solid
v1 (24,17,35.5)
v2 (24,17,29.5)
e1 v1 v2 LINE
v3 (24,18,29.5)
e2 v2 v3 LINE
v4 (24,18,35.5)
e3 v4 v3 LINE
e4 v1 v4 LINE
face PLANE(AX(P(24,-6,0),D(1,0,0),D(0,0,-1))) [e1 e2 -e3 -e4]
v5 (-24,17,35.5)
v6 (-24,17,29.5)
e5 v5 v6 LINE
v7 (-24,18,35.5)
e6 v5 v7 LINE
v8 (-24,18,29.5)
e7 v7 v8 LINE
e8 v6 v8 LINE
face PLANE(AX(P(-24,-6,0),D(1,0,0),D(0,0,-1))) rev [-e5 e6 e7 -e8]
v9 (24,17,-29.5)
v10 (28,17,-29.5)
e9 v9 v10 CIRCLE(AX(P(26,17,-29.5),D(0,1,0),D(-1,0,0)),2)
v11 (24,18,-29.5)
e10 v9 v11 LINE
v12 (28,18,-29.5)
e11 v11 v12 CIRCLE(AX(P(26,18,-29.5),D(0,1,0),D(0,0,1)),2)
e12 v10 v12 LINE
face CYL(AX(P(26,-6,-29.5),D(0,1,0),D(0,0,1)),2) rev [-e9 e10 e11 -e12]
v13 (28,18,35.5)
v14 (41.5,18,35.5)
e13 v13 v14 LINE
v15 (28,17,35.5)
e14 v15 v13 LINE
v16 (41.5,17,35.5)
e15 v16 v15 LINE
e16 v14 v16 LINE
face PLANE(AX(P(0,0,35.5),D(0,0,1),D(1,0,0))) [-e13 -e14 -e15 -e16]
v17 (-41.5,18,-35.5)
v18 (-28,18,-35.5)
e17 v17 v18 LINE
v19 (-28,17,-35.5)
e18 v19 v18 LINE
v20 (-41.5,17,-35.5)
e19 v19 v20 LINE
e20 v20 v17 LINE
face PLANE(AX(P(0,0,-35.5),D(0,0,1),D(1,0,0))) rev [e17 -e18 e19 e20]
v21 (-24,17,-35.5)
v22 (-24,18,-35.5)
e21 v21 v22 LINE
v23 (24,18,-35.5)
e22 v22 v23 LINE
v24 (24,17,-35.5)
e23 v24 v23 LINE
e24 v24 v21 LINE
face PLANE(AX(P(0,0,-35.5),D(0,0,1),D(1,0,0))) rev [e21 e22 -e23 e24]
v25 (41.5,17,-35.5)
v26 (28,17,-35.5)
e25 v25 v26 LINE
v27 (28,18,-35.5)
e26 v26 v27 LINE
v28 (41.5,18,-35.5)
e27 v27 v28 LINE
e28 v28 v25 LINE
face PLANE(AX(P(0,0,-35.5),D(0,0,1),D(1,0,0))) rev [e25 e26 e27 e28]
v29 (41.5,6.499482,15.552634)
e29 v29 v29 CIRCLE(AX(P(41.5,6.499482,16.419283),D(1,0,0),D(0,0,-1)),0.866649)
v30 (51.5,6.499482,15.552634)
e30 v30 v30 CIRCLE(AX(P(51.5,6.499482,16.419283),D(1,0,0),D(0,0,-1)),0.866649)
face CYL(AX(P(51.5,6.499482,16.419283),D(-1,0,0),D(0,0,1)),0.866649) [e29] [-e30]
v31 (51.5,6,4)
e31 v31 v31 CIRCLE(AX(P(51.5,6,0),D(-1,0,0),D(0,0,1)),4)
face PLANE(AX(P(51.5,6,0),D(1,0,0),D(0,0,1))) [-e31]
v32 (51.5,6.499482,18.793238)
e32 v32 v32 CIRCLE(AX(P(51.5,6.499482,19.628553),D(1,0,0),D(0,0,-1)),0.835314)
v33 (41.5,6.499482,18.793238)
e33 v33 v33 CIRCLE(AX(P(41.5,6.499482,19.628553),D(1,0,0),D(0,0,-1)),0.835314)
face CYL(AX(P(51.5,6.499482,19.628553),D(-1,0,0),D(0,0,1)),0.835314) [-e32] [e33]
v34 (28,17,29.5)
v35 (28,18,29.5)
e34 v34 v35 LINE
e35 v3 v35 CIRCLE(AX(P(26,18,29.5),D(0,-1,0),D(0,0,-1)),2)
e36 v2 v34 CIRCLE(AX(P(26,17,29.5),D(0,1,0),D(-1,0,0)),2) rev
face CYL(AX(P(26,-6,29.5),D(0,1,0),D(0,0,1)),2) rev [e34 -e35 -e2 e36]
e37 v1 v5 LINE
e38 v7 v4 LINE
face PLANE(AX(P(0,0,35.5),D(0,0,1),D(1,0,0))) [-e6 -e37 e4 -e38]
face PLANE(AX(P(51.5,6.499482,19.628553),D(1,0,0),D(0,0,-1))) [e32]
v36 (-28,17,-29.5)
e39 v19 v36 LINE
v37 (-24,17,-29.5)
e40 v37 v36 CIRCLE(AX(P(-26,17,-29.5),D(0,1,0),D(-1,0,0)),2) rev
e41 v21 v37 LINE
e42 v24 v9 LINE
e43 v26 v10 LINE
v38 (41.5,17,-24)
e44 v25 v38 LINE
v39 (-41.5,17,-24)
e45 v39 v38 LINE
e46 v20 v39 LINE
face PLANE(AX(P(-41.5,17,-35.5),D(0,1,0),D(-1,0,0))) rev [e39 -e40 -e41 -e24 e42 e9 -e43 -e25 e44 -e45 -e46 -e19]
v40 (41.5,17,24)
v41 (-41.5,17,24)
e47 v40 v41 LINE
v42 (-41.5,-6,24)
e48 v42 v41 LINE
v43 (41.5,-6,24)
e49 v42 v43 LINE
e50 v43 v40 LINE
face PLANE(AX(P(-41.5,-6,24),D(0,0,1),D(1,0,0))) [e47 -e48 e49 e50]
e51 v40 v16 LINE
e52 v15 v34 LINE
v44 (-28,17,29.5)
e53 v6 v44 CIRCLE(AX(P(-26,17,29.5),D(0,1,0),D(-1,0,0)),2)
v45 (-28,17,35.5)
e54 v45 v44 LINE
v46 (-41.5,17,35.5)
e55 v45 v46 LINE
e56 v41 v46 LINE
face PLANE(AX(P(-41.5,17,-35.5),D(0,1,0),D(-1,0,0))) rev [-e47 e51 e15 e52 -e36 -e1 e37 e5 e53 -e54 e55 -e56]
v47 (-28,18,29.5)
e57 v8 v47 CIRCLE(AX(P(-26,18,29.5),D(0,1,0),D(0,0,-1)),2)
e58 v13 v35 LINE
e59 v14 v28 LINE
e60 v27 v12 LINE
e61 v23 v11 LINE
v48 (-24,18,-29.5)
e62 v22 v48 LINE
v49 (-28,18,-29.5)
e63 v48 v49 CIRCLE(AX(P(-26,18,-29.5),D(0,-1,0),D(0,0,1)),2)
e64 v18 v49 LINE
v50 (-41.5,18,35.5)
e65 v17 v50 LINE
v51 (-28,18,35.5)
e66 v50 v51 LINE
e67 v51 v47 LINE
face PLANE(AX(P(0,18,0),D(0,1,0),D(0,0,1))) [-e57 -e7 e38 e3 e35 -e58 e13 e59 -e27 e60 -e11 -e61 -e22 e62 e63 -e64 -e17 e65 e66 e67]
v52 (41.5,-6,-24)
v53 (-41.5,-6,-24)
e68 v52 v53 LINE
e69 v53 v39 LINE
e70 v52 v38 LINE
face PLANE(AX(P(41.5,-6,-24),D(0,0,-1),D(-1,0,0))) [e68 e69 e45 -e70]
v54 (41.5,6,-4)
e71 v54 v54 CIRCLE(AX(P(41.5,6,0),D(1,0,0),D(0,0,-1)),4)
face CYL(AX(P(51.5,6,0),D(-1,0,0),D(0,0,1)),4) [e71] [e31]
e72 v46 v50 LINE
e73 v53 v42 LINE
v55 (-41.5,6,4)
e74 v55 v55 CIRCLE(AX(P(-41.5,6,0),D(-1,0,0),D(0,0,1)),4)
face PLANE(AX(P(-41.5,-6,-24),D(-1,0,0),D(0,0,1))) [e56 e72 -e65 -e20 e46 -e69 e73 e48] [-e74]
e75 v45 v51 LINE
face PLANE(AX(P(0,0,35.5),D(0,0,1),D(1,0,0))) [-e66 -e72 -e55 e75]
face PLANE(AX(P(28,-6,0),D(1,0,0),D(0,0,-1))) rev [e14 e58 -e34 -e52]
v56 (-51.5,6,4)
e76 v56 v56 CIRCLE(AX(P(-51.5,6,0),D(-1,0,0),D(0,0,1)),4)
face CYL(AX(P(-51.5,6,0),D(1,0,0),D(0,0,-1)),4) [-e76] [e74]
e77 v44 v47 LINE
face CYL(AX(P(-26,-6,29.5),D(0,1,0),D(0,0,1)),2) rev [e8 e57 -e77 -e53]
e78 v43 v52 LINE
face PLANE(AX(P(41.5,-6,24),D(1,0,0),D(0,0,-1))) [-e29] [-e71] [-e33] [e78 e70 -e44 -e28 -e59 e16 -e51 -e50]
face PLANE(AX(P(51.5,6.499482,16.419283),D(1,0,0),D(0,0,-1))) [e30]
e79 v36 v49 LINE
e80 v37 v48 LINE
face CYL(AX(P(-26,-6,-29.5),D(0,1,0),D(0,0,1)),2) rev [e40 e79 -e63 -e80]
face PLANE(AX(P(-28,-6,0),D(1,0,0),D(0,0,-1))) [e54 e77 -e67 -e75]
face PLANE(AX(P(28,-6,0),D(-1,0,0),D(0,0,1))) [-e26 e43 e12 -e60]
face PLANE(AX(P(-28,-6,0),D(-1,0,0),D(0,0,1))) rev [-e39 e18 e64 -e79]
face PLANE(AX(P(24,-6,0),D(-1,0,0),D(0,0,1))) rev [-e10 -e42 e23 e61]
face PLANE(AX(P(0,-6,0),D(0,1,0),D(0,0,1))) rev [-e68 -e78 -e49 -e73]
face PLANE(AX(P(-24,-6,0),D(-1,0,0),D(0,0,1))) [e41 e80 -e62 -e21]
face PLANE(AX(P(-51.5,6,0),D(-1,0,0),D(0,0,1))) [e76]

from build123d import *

# Parameters (mm, degrees)
SKETCH_1_W            = 83
SKETCH_1_H            = 48
EXTRUDE_1_DEPTH       = 24
SKETCH_21_W           = 83
SKETCH_21_H           = 1
EXTRUDE_2_DEPTH       = 35.5
CUT_EXTRUDE_20_DEPTH  = 60.653164208
MIRROR_2_COPY_1_DEPTH = 60.653164208
MIRROR_2_COPY_2_DEPTH = 60.653164208
SKETCH_27_R           = 4
EXTRUDE_4_DEPTH       = 10
SKETCH_28_R           = 0.835314329
SKETCH_28_R_2         = 0.866649433
EXTRUDE_5_DEPTH       = 10


with BuildPart() as part:
    # 草圖1 → 填料-伸長1 (new body)
    with BuildSketch(Plane(origin=(0, 18, 0), x_dir=(1, 0, 0), z_dir=(0, 1, 0))):
        Rectangle(SKETCH_1_W, SKETCH_1_H)
    extrude(amount=-EXTRUDE_1_DEPTH)

    # 草圖21 → 填料-伸長2 (add, symmetric)
    with BuildSketch(Plane(origin=(0, 0, 0), x_dir=(-1, 0, 0), z_dir=(0, 0, -1))):
        with Locations((0, 17.5)):
            Rectangle(SKETCH_21_W, SKETCH_21_H)
    extrude(amount=EXTRUDE_2_DEPTH, both=True)

    # 草圖22 → 除料-伸長20 (cut, through all)
    with BuildSketch(Plane(origin=(0, 18, 0), x_dir=(-1, 0, 0), z_dir=(0, 1, 0))):
        with BuildLine():
            Line((-28, -29.5), (-28, -35.5))
            Line((-28, -35.5), (-24, -35.5))
            Line((-24, -35.5), (-24, -29.5))
            ThreePointArc((-24, -29.5), (-26, -27.5), (-28, -29.5))
        make_face()
    cut_extrude_20 = extrude(amount=-CUT_EXTRUDE_20_DEPTH, mode=Mode.SUBTRACT)

    # 鏡射1: 除料-伸長20 across plane
    add(cut_extrude_20.mirror(Plane(origin=(0, 0, 0), x_dir=(0, 0, 1), z_dir=(1, 0, 0))), mode=Mode.SUBTRACT)

    # 鏡射2 copy 1 sketch → 鏡射2 copy 1 (cut, through all)
    with BuildSketch(Plane(origin=(0, 18, 0), x_dir=(1, 0, 0), z_dir=(0, 1, 0))):
        with BuildLine():
            Line((-28, -29.5), (-28, -35.5))
            Line((-28, -35.5), (-24, -35.5))
            Line((-24, -35.5), (-24, -29.5))
            ThreePointArc((-24, -29.5), (-26, -27.5), (-28, -29.5))
        make_face()
    extrude(amount=-MIRROR_2_COPY_1_DEPTH, mode=Mode.SUBTRACT)

    # 鏡射2 copy 2 sketch → 鏡射2 copy 2 (cut, through all)
    with BuildSketch(Plane(origin=(0, 18, 0), x_dir=(-1, 0, 0), z_dir=(0, 1, 0))):
        with BuildLine():
            Line((-28, 29.5), (-28, 35.5))
            Line((-28, 35.5), (-24, 35.5))
            Line((-24, 35.5), (-24, 29.5))
            ThreePointArc((-24, 29.5), (-26, 27.5), (-28, 29.5))
        make_face()
    extrude(amount=-MIRROR_2_COPY_2_DEPTH, mode=Mode.SUBTRACT)

    # 草圖27 → 填料-伸長4 (add)
    with BuildSketch(Plane.ZY.offset(41.5)):
        with Locations((0, 6)):
            Circle(SKETCH_27_R)
    extrude_4 = extrude(amount=EXTRUDE_4_DEPTH)

    # 鏡射3: 填料-伸長4 across plane
    add(extrude_4.mirror(Plane(origin=(0, 0, 0), x_dir=(0, 0, 1), z_dir=(1, 0, 0))))

    # 草圖28 → 填料-伸長5 (add)
    with BuildSketch(Plane(origin=(41.5, 0, 0), x_dir=(0, 0, -1), z_dir=(1, 0, 0))):
        with Locations((-19.628552742, 6.499481813)):
            Circle(SKETCH_28_R)
        with Locations((-16.419283225, 6.499481813)):
            Circle(SKETCH_28_R_2)
    extrude(amount=EXTRUDE_5_DEPTH)


solid = part.part
